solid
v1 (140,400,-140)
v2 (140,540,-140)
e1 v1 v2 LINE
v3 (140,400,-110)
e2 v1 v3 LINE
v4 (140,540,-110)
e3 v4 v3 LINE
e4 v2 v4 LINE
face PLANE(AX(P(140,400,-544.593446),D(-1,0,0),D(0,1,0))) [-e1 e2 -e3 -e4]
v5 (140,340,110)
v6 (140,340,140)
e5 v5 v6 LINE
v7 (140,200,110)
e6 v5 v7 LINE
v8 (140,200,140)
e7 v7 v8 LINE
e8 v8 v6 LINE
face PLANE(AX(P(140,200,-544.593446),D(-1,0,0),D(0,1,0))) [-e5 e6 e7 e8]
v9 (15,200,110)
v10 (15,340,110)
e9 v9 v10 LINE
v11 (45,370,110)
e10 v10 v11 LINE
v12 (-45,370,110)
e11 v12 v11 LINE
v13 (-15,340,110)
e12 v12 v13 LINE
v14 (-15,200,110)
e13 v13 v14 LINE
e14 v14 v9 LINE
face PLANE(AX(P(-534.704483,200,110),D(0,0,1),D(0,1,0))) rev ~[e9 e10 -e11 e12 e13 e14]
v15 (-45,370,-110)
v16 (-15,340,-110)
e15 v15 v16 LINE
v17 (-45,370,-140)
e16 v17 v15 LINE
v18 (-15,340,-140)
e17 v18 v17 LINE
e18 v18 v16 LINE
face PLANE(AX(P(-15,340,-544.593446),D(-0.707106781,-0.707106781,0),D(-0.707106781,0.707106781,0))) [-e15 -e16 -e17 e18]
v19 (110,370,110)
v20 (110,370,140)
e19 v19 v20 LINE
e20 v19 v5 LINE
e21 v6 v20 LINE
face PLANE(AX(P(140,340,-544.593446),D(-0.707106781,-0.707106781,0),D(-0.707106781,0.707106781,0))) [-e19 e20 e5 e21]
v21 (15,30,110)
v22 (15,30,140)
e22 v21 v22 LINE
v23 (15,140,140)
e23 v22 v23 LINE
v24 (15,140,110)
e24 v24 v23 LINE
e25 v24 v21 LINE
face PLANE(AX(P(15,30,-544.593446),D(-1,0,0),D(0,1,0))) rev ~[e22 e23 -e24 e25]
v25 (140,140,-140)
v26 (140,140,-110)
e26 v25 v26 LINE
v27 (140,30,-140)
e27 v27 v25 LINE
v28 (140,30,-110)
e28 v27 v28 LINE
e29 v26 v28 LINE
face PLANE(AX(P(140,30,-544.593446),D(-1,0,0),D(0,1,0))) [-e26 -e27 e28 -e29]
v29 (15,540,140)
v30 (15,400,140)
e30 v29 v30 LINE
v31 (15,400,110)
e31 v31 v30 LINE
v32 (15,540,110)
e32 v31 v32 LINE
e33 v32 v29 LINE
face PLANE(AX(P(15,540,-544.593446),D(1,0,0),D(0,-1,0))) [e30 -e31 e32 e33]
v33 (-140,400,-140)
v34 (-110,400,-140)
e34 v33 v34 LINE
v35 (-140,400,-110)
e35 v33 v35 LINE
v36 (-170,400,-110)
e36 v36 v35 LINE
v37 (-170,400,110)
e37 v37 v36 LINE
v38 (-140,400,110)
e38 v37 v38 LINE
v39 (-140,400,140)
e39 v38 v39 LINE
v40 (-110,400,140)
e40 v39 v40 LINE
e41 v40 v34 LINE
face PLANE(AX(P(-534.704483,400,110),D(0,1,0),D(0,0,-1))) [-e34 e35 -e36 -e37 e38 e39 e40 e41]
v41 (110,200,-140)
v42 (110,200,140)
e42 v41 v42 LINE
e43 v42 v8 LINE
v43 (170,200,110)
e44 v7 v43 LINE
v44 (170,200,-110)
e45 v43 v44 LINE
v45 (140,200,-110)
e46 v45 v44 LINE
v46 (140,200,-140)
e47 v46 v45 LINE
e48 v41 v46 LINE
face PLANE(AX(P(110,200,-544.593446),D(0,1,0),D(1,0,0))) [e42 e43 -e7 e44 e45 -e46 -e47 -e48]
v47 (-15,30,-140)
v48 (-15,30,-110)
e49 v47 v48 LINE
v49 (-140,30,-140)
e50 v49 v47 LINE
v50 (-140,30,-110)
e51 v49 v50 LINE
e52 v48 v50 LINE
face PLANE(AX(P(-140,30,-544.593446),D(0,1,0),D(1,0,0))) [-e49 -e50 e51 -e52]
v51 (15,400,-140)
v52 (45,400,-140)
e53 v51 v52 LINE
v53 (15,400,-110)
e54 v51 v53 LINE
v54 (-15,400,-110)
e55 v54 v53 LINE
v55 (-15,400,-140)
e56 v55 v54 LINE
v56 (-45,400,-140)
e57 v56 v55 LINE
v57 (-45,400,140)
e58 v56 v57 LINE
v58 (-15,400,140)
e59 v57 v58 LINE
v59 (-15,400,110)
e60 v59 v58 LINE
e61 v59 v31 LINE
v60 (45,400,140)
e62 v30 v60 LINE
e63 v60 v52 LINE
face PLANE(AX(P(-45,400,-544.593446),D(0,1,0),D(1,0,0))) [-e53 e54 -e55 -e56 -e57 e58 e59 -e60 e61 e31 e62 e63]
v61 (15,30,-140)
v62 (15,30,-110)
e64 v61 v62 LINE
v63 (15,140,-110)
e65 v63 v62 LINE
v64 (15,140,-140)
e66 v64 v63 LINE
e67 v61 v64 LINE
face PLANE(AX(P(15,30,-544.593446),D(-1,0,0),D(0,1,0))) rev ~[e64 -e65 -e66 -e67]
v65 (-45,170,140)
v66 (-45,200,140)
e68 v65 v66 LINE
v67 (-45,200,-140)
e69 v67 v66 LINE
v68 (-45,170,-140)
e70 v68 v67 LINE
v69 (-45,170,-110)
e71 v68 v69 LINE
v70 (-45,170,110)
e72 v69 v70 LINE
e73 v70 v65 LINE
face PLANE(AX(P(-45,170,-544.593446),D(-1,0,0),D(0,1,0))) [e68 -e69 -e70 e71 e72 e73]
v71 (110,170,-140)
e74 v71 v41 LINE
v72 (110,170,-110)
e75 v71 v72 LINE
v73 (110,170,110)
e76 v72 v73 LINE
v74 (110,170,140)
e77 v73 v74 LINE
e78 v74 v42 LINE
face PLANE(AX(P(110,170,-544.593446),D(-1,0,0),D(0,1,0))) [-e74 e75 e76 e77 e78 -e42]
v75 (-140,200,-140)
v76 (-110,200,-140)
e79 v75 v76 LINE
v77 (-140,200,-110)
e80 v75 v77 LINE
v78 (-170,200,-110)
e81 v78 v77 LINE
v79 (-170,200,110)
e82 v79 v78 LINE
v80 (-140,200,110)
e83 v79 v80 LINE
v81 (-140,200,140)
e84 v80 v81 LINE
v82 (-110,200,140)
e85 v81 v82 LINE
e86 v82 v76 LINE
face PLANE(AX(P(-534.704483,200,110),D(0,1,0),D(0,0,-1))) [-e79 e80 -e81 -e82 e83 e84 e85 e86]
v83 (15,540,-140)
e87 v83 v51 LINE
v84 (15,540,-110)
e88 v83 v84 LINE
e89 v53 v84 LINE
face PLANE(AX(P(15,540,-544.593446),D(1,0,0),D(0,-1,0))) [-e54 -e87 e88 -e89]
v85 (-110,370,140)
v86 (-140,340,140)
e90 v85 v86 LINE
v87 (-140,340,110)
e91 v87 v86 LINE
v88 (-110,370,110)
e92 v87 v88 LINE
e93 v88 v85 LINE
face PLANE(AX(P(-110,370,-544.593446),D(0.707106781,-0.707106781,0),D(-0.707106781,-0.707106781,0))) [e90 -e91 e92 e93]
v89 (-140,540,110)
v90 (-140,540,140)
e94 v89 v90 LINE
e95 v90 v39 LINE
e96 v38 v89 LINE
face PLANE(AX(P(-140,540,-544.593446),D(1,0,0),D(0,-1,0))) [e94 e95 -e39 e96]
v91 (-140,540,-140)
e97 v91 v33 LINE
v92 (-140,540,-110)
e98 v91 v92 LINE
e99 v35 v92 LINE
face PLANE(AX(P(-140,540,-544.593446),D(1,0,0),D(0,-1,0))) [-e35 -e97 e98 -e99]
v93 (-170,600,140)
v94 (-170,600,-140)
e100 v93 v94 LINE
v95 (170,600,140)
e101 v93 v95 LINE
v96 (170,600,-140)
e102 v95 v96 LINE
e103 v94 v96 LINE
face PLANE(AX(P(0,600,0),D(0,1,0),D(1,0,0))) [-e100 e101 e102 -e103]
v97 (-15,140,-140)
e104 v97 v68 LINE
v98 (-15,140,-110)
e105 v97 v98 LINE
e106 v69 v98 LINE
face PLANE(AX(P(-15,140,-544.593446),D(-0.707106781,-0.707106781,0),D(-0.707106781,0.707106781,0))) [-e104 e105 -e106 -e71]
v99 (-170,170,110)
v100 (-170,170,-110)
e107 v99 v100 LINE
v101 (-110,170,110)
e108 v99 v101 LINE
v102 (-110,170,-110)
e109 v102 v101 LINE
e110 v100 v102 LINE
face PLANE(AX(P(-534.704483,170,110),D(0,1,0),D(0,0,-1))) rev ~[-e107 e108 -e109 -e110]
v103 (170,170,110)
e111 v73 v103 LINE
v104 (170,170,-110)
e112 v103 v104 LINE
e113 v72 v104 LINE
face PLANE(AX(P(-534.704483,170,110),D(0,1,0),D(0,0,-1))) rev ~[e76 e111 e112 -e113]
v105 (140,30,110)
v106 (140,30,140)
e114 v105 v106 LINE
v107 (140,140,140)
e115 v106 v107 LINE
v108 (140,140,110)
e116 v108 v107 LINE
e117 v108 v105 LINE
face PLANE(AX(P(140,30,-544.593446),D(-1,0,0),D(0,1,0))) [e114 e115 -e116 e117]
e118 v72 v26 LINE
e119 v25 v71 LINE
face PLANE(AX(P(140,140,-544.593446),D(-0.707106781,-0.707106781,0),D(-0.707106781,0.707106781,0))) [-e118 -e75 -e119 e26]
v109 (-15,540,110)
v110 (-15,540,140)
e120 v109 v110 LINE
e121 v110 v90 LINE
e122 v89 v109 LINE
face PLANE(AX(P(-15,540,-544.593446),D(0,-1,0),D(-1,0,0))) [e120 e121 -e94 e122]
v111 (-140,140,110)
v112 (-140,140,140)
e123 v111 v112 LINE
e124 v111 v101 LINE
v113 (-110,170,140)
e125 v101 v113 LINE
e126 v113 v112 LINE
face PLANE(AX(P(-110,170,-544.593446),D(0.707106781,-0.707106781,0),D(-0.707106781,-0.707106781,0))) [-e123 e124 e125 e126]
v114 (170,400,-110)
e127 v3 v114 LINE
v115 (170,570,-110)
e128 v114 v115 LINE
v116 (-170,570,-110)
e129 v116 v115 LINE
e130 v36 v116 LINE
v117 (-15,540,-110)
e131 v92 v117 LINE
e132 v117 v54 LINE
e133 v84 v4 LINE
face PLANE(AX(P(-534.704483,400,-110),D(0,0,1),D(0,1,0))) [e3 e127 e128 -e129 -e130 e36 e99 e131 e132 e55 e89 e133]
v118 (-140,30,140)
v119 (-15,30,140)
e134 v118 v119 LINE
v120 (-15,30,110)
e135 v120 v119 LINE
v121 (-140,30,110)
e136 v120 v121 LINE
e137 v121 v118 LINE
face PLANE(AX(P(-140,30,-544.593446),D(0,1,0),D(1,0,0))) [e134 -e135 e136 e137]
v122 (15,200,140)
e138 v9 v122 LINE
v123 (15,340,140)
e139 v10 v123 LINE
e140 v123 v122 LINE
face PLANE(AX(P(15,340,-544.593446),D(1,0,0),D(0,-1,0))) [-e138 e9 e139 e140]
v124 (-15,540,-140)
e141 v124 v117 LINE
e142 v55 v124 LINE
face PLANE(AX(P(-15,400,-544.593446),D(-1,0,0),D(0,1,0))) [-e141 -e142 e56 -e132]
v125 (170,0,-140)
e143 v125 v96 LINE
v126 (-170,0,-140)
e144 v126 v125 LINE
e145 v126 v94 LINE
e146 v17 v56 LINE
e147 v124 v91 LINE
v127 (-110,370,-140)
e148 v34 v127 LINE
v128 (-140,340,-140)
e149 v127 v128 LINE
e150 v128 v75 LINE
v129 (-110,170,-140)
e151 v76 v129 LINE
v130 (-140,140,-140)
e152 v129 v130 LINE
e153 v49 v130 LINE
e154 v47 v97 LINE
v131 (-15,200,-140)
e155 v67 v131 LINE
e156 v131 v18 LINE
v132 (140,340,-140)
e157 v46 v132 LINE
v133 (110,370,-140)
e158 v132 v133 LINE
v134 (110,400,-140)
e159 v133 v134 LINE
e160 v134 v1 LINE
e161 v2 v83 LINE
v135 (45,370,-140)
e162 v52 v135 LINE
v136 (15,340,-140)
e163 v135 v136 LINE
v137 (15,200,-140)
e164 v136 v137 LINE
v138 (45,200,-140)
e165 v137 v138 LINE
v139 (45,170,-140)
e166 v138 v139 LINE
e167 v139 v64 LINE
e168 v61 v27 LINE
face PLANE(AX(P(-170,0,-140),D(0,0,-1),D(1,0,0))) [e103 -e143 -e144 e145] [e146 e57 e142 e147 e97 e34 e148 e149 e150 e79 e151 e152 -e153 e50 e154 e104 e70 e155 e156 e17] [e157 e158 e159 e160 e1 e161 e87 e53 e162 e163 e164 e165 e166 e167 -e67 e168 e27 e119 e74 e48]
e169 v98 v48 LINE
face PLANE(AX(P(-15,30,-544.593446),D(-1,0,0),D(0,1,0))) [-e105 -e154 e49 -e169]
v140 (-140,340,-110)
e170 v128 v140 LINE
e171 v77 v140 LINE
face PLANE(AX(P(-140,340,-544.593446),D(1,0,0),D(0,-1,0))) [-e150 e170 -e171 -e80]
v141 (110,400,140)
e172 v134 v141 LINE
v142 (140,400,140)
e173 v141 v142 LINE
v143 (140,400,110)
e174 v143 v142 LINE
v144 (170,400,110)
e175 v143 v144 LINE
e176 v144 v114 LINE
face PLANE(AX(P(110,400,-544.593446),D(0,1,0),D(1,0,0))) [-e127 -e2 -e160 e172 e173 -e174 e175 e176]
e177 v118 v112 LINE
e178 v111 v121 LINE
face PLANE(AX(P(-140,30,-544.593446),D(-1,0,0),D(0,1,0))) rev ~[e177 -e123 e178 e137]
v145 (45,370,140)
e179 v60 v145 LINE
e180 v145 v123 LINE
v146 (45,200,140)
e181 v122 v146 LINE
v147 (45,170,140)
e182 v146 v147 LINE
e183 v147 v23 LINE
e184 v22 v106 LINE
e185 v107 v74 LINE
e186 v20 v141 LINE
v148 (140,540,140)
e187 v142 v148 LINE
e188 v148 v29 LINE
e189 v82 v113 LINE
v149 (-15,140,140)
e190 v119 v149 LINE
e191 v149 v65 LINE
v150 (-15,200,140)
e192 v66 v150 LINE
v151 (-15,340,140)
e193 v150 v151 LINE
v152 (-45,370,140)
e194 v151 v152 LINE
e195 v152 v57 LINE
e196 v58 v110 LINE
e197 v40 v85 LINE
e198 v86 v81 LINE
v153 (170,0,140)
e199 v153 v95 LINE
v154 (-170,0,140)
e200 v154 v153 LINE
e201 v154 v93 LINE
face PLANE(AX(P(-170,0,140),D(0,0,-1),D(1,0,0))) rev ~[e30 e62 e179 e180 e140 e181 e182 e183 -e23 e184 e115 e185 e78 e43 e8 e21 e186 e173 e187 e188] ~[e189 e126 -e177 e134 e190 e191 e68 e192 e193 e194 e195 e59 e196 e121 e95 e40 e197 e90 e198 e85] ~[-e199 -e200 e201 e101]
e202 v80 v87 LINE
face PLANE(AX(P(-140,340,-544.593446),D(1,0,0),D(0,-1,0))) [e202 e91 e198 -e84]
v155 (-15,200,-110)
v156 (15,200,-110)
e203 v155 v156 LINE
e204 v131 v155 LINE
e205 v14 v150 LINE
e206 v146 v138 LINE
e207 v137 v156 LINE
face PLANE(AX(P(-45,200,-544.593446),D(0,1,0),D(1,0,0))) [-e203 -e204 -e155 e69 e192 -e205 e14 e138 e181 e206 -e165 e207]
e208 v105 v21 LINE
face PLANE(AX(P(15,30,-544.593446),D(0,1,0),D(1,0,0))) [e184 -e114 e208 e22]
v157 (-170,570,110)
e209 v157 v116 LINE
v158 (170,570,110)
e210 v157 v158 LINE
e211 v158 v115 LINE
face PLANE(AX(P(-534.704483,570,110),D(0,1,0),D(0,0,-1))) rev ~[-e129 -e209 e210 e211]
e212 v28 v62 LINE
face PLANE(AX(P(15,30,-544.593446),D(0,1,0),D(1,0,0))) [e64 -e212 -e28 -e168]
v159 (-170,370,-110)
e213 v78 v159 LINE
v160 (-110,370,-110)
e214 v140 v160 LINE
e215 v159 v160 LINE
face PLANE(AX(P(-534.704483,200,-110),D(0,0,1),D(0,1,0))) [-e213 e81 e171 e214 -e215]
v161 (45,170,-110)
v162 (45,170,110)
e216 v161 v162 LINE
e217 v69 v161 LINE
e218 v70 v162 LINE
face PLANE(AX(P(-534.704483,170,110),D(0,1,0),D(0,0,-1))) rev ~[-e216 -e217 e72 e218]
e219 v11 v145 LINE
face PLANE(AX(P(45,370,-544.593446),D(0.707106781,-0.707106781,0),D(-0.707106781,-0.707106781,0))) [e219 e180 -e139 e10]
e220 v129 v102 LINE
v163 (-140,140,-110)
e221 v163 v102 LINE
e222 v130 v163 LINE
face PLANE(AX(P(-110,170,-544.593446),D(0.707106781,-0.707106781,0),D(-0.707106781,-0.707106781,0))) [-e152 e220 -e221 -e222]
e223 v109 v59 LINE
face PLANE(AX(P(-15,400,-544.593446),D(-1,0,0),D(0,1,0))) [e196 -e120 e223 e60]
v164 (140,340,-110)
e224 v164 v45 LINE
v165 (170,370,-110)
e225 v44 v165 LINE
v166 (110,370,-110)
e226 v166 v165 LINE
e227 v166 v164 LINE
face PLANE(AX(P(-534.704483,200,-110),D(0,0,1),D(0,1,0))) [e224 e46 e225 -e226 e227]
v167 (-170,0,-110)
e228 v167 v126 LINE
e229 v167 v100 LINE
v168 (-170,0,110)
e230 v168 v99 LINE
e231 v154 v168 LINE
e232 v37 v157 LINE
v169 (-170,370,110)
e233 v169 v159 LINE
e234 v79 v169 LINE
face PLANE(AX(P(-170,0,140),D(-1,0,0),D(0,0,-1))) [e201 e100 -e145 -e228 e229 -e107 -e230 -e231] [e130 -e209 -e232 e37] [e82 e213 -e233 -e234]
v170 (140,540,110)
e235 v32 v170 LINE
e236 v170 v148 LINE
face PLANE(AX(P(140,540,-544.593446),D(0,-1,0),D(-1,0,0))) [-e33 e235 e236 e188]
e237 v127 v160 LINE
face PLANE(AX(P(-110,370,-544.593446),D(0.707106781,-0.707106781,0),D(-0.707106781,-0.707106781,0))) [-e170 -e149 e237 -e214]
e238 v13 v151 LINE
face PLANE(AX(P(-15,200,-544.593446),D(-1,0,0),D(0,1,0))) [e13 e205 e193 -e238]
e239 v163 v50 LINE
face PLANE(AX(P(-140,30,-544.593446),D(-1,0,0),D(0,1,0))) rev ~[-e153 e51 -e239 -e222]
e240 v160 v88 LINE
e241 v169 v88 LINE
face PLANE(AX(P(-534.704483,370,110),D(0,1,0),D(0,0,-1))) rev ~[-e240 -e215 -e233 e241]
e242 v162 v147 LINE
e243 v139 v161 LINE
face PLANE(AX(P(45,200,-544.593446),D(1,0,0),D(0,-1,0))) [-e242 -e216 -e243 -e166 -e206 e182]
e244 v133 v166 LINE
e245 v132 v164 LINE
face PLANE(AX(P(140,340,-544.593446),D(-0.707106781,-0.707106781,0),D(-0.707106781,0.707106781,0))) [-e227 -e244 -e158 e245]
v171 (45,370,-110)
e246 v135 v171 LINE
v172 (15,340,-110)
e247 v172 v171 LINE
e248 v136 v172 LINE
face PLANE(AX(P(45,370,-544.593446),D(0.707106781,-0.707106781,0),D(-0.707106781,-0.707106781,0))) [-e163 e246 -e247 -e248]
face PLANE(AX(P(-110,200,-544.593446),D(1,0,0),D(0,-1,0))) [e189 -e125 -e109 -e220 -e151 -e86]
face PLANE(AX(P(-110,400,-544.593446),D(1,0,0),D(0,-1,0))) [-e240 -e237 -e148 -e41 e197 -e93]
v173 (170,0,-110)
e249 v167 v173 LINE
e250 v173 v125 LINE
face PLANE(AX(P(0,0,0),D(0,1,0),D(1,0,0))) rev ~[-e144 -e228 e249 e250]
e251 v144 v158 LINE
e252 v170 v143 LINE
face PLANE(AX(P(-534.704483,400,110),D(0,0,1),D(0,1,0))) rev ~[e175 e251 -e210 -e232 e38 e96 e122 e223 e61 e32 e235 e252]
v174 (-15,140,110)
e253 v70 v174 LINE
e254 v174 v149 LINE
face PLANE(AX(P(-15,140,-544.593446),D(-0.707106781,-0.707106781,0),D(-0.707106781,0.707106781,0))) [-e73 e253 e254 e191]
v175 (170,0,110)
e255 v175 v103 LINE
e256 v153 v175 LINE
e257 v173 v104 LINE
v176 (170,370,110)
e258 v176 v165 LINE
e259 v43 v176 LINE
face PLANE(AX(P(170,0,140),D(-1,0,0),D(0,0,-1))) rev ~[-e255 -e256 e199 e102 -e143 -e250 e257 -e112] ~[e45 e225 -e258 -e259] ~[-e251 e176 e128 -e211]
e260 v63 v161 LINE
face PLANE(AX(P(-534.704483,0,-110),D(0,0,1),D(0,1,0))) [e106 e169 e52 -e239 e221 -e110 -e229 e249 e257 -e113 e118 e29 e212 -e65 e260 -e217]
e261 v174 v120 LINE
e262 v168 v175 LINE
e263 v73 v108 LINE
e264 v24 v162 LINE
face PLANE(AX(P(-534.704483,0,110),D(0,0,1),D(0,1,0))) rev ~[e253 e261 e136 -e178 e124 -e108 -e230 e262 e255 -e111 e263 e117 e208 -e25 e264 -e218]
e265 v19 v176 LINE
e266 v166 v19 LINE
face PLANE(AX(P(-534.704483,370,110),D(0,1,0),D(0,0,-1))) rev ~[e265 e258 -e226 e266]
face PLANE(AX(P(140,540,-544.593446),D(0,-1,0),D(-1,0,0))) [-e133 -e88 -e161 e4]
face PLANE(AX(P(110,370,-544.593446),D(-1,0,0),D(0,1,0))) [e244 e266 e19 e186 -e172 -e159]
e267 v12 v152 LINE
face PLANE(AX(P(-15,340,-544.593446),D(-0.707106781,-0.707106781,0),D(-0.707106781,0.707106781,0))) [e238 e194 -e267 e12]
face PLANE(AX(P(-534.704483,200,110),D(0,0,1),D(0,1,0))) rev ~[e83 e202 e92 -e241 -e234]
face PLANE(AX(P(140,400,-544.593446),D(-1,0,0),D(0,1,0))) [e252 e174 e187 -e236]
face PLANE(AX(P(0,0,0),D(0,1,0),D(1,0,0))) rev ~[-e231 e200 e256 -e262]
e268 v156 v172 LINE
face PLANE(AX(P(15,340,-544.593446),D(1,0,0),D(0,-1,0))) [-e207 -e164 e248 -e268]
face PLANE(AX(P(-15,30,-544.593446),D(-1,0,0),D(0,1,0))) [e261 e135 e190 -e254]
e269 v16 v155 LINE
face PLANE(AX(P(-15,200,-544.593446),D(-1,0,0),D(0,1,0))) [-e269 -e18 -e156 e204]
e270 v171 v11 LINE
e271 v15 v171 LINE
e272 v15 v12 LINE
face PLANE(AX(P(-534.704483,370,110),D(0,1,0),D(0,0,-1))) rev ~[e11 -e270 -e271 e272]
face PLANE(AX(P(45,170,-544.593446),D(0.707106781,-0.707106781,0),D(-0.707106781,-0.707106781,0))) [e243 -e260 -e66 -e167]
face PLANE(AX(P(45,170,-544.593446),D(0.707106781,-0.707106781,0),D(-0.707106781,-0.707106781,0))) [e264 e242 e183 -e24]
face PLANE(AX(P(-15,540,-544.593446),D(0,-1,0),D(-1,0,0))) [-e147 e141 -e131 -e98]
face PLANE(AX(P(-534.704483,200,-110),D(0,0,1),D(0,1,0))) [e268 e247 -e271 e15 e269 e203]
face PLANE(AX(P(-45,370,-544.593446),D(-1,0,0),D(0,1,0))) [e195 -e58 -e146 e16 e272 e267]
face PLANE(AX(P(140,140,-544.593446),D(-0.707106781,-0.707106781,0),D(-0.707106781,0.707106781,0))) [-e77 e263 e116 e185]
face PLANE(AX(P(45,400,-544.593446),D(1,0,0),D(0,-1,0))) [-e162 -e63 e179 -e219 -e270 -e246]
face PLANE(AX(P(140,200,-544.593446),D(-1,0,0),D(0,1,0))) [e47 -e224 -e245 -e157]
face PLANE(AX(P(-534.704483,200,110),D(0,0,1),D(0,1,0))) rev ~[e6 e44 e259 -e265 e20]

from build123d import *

# Parameters (mm, degrees)
SKETCH1_W               = 340
SKETCH1_H               = 280
BOSS_EXTRUDE1_DEPTH     = 600
CUT_EXTRUDE1_DEPTH      = 704.70448343
CUT_EXTRUDE1_DEPTH_BACK = 704.70448343
SKETCH4_W               = 220
SKETCH4_H               = 170
CUT_EXTRUDE3_DEPTH      = 684.593446429
CUT_EXTRUDE3_DEPTH_BACK = 684.593446429
SKETCH6_W               = 125
SKETCH6_H               = 110


with BuildPart() as part:
    # Sketch1 → Boss-Extrude1 (new body)
    with BuildSketch(Plane(origin=(0, 0, 0), x_dir=(1, 0, 0), z_dir=(0, 1, 0))):
        Rectangle(SKETCH1_W, SKETCH1_H)
    extrude(amount=BOSS_EXTRUDE1_DEPTH)

    # Sketch4 → Cut-Extrude1 (cut, two sides: drawn at the far end of the back side and taken through both)
    with BuildSketch(Plane(origin=(170, 0, 0), x_dir=(0, 0, -1), z_dir=(1, 0, 0)).offset(-CUT_EXTRUDE1_DEPTH_BACK)):
        with Locations((0, 485)):
            Rectangle(SKETCH4_W, SKETCH4_H)
        with Locations((0, 285)):
            Rectangle(SKETCH4_W, SKETCH4_H)
        with Locations((0, 85)):
            Rectangle(SKETCH4_W, SKETCH4_H)
    extrude(amount=CUT_EXTRUDE1_DEPTH + CUT_EXTRUDE1_DEPTH_BACK, mode=Mode.SUBTRACT)

    # Sketch6 → Cut-Extrude3 (cut, two sides: drawn at the far end of the back side and taken through both)
    with BuildSketch(Plane.XY.offset(140).offset(-CUT_EXTRUDE3_DEPTH_BACK)):
        Polygon((-15, 540), (-140, 540), (-140, 400), (-110, 400), (-110, 370), (-45, 370), (-45, 400), (-15, 400), align=None)
        Polygon((140, 540), (15, 540), (15, 400), (45, 400), (45, 370), (110, 370), (110, 400), (140, 400), align=None)
        Polygon((140, 340), (15, 340), (15, 200), (45, 200), (45, 170), (110, 170), (110, 200), (140, 200), align=None)
        Polygon((-15, 340), (-140, 340), (-140, 200), (-110, 200), (-110, 170), (-45, 170), (-45, 200), (-15, 200), align=None)
        with Locations((-77.5, 85)):
            Rectangle(SKETCH6_W, SKETCH6_H)
        with Locations((77.5, 85)):
            Rectangle(SKETCH6_W, SKETCH6_H)
        Polygon((-45, 170), (-110, 170), (-140, 140), (-15, 140), align=None)
        Polygon((110, 170), (45, 170), (15, 140), (140, 140), align=None)
        Polygon((110, 370), (45, 370), (15, 340), (140, 340), align=None)
        Polygon((-45, 370), (-110, 370), (-140, 340), (-15, 340), align=None)
    extrude(amount=CUT_EXTRUDE3_DEPTH + CUT_EXTRUDE3_DEPTH_BACK, mode=Mode.SUBTRACT)


solid = part.part
